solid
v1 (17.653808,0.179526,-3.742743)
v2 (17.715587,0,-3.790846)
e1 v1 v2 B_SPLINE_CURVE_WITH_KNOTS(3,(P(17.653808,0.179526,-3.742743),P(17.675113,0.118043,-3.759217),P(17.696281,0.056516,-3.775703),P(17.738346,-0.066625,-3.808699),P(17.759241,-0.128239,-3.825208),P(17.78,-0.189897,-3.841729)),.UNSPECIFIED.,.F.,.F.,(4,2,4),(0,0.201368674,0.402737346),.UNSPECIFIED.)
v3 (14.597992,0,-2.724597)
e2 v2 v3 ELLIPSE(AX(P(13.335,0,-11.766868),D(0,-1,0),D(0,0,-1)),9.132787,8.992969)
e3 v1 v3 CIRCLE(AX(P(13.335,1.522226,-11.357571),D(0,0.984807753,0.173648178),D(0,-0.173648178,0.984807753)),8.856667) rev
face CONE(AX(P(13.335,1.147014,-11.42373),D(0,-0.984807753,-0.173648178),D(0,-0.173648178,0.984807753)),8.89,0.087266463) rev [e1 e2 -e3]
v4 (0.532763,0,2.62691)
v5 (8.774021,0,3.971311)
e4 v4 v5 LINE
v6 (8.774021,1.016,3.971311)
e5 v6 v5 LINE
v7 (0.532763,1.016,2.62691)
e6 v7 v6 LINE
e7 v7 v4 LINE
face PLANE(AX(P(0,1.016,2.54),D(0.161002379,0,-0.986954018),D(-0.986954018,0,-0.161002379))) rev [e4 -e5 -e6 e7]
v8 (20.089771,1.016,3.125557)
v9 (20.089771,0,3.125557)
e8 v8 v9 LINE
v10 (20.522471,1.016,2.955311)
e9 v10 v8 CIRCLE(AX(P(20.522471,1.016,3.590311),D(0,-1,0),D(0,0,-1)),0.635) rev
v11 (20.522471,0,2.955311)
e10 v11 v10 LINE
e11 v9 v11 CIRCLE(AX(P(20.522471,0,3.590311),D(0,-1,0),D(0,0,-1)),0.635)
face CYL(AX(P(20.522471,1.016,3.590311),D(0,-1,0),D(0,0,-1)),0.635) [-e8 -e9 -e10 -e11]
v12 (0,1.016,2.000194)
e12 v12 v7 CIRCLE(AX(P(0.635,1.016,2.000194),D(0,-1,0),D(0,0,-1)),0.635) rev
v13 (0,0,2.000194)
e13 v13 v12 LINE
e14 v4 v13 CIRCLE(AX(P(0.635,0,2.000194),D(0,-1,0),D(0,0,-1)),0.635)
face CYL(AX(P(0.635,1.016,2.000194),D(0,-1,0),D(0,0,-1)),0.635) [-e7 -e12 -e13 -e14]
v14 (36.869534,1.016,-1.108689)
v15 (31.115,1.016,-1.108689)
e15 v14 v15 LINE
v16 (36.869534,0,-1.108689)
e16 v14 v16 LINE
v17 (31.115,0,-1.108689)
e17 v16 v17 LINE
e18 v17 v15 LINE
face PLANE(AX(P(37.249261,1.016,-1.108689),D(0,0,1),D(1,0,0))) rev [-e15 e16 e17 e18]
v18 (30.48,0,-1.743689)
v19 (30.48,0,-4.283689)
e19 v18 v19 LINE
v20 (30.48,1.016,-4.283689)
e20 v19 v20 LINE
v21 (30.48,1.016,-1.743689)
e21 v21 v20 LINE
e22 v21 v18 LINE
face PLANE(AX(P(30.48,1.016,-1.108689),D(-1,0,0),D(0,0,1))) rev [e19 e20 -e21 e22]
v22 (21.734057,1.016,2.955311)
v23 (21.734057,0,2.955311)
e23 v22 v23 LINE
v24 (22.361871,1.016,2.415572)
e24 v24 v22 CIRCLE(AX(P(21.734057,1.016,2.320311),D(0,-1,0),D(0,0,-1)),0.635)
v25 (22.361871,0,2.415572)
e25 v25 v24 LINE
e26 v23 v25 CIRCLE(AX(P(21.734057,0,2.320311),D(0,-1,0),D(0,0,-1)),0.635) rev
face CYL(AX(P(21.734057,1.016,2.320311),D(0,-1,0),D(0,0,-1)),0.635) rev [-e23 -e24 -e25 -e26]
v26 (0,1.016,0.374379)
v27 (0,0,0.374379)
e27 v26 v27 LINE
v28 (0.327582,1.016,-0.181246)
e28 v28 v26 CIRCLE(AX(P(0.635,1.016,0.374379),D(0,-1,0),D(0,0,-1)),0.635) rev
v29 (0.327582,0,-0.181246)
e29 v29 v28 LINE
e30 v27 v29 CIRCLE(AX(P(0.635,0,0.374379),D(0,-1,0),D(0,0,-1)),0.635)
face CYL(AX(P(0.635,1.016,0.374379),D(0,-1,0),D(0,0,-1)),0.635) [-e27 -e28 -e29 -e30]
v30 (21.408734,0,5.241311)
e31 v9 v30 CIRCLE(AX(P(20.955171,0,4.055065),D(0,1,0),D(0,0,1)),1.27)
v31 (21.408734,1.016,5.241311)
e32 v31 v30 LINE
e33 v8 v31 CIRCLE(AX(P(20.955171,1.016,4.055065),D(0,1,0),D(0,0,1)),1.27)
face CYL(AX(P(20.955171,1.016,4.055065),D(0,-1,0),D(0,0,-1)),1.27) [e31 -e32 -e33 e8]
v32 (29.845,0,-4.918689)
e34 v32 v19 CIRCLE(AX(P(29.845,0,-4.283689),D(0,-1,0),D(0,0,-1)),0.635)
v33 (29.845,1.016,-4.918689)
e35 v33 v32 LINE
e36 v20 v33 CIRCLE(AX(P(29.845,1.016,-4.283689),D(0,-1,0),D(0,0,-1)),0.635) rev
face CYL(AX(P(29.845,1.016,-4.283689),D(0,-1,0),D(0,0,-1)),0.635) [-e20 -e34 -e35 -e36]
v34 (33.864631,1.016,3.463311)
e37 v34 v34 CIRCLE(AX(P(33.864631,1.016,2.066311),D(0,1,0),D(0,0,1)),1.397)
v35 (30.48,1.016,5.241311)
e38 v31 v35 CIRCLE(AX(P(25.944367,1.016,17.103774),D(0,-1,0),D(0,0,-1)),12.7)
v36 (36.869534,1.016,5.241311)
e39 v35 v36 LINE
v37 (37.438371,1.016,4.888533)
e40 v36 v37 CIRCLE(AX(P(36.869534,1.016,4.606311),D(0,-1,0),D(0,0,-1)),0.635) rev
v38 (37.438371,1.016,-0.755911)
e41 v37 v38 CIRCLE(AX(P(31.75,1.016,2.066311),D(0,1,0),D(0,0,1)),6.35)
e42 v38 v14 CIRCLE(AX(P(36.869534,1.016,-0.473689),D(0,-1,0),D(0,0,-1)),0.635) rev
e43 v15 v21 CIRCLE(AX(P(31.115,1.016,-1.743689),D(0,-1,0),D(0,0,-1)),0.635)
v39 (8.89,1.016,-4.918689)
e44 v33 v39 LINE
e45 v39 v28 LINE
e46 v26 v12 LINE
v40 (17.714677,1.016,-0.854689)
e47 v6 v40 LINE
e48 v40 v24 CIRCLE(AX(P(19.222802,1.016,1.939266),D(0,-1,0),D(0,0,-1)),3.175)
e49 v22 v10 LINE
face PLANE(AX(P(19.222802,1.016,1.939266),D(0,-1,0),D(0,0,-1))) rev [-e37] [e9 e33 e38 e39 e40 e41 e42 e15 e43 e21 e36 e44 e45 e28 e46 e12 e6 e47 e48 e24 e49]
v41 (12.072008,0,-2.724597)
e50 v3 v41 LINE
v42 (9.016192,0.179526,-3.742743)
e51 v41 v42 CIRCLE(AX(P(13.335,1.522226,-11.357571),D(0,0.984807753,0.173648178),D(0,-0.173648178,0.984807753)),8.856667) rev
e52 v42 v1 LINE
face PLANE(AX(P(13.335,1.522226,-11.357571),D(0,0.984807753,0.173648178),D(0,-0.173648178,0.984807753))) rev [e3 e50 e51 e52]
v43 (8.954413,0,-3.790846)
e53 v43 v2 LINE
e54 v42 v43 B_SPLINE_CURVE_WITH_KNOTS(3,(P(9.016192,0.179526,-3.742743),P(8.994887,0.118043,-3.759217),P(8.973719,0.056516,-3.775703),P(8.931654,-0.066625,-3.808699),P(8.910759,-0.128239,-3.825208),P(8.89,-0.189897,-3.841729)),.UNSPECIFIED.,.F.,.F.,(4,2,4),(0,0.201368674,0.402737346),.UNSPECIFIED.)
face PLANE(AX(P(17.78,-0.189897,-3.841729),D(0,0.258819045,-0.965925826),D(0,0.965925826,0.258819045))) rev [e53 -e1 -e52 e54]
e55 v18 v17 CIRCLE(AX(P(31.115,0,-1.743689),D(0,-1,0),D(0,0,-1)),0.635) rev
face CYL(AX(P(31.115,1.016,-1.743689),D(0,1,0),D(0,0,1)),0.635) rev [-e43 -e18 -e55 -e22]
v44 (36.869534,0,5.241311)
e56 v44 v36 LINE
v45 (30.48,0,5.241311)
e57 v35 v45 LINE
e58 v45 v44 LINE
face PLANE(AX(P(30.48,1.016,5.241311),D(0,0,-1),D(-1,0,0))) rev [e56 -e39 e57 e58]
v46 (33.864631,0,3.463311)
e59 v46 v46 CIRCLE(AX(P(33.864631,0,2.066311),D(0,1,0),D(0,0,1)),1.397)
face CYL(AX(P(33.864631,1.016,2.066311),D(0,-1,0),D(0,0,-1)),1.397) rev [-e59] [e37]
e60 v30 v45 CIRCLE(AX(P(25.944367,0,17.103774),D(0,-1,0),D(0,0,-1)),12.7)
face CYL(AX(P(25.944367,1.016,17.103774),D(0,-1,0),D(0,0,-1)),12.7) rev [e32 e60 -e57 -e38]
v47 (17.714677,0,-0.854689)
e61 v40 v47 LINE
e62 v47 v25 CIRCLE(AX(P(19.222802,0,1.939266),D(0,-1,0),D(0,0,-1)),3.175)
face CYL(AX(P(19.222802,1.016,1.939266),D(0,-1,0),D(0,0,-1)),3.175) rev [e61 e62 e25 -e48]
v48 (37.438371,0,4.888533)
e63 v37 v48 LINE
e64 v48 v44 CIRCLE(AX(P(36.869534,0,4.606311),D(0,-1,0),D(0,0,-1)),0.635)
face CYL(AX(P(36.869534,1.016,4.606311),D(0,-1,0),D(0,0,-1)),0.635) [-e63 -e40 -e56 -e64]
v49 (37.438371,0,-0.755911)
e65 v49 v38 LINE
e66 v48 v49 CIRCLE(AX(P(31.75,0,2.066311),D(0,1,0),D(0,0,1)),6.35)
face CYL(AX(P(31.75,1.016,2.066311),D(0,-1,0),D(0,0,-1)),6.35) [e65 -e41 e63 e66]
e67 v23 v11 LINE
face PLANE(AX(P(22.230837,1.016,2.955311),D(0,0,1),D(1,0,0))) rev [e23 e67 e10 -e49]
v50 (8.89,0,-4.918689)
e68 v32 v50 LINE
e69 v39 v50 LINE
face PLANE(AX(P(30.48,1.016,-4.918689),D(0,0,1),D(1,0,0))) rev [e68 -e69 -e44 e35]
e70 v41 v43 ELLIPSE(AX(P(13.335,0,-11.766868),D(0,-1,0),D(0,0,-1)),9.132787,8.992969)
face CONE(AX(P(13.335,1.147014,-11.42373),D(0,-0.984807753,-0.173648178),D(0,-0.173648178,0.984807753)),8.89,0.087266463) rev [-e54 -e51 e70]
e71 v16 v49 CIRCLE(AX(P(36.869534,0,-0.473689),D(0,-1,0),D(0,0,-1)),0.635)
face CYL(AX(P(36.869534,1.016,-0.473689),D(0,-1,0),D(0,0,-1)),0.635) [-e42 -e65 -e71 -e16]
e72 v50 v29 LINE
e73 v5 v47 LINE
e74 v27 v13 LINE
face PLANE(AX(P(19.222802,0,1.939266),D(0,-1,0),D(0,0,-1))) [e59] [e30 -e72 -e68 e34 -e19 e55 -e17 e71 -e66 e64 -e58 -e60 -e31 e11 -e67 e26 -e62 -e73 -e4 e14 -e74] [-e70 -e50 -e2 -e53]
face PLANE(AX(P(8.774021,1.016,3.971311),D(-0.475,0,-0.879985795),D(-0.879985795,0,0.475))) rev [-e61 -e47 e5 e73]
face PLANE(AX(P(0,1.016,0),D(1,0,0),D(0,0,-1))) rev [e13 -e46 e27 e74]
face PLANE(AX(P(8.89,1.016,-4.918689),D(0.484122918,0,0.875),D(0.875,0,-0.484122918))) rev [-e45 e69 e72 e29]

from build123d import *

# Parameters (mm, degrees)
SKETCH1_R           = 1.397
BOSS_EXTRUDE1_DEPTH = 1.016
FILLET1_R           = 0.635
CUT_EXTRUDE1_DEPTH  = 0.381
CUT_EXTRUDE1_TAPER  = 5


with BuildPart() as part:
    # Sketch1 → Boss-Extrude1 (new body)
    with BuildSketch(Plane(origin=(0, 0, 0), x_dir=(1, 0, 0), z_dir=(0, 1, 0))):
        with BuildLine():
            Line((0, 0), (0, -2.54))
            Line((0, -2.54), (8.774021221, -3.97131115))
            Line((8.774021221, -3.97131115), (17.714676902, 0.85468885))
            ThreePointArc((17.714676902, 0.85468885), (21.270106923, 0.487494578), (22.230837366, -2.95531115))
            Line((22.230837366, -2.95531115), (20.32, -2.95531115))
            ThreePointArc((20.32, -2.95531115), (19.80856952, -4.601146953), (21.40873402, -5.24131115))
            ThreePointArc((21.40873402, -5.24131115), (25.94436701, -4.403774359), (30.48, -5.24131115))
            Line((30.48, -5.24131115), (37.249261314, -5.24131115))
            ThreePointArc((37.249261314, -5.24131115), (38.1, -2.06631115), (37.249261314, 1.10868885))
            Line((37.249261314, 1.10868885), (30.48, 1.10868885))
            Line((30.48, 1.10868885), (30.48, 4.91868885))
            Line((30.48, 4.91868885), (8.89, 4.91868885))
            Line((8.89, 4.91868885), (0, 0))
        make_face()
        with Locations((33.864630657, -2.06631115)):
            Circle(SKETCH1_R, mode=Mode.SUBTRACT)
    extrude(amount=BOSS_EXTRUDE1_DEPTH)

    # Fillet1
    fillet1_edges = [part.edges().sort_by_distance(p)[0] for p in [
        (30.48, 0.508, -4.91868885),
        (30.48, 0.508, -1.10868885),
        (37.249261314, 0.508, -1.10868885),
        (37.249261314, 0.508, 5.24131115),
        (20.32, 0.508, 2.95531115),
        (22.230837366, 0.508, 2.95531115),
        (0, 0.508, 2.54),
        (0, 0.508, 0),
    ]]
    fillet(fillet1_edges, radius=FILLET1_R)

    # Sketch3 → Cut-Extrude1 (cut)
    with BuildSketch(Plane(origin=(0, -0.841145333, -0.148316617), x_dir=(-1, 0, 0), z_dir=(0, -0.984807753, -0.173648178))):
        with BuildLine():
            ThreePointArc((-17.78, 3.750389462), (-13.335, 2.559355302), (-8.89, 3.750389462))
            Line((-8.89, 3.750389462), (-17.78, 3.750389462))
        make_face()
    extrude(amount=-CUT_EXTRUDE1_DEPTH, taper=CUT_EXTRUDE1_TAPER, mode=Mode.SUBTRACT)


solid = part.part
